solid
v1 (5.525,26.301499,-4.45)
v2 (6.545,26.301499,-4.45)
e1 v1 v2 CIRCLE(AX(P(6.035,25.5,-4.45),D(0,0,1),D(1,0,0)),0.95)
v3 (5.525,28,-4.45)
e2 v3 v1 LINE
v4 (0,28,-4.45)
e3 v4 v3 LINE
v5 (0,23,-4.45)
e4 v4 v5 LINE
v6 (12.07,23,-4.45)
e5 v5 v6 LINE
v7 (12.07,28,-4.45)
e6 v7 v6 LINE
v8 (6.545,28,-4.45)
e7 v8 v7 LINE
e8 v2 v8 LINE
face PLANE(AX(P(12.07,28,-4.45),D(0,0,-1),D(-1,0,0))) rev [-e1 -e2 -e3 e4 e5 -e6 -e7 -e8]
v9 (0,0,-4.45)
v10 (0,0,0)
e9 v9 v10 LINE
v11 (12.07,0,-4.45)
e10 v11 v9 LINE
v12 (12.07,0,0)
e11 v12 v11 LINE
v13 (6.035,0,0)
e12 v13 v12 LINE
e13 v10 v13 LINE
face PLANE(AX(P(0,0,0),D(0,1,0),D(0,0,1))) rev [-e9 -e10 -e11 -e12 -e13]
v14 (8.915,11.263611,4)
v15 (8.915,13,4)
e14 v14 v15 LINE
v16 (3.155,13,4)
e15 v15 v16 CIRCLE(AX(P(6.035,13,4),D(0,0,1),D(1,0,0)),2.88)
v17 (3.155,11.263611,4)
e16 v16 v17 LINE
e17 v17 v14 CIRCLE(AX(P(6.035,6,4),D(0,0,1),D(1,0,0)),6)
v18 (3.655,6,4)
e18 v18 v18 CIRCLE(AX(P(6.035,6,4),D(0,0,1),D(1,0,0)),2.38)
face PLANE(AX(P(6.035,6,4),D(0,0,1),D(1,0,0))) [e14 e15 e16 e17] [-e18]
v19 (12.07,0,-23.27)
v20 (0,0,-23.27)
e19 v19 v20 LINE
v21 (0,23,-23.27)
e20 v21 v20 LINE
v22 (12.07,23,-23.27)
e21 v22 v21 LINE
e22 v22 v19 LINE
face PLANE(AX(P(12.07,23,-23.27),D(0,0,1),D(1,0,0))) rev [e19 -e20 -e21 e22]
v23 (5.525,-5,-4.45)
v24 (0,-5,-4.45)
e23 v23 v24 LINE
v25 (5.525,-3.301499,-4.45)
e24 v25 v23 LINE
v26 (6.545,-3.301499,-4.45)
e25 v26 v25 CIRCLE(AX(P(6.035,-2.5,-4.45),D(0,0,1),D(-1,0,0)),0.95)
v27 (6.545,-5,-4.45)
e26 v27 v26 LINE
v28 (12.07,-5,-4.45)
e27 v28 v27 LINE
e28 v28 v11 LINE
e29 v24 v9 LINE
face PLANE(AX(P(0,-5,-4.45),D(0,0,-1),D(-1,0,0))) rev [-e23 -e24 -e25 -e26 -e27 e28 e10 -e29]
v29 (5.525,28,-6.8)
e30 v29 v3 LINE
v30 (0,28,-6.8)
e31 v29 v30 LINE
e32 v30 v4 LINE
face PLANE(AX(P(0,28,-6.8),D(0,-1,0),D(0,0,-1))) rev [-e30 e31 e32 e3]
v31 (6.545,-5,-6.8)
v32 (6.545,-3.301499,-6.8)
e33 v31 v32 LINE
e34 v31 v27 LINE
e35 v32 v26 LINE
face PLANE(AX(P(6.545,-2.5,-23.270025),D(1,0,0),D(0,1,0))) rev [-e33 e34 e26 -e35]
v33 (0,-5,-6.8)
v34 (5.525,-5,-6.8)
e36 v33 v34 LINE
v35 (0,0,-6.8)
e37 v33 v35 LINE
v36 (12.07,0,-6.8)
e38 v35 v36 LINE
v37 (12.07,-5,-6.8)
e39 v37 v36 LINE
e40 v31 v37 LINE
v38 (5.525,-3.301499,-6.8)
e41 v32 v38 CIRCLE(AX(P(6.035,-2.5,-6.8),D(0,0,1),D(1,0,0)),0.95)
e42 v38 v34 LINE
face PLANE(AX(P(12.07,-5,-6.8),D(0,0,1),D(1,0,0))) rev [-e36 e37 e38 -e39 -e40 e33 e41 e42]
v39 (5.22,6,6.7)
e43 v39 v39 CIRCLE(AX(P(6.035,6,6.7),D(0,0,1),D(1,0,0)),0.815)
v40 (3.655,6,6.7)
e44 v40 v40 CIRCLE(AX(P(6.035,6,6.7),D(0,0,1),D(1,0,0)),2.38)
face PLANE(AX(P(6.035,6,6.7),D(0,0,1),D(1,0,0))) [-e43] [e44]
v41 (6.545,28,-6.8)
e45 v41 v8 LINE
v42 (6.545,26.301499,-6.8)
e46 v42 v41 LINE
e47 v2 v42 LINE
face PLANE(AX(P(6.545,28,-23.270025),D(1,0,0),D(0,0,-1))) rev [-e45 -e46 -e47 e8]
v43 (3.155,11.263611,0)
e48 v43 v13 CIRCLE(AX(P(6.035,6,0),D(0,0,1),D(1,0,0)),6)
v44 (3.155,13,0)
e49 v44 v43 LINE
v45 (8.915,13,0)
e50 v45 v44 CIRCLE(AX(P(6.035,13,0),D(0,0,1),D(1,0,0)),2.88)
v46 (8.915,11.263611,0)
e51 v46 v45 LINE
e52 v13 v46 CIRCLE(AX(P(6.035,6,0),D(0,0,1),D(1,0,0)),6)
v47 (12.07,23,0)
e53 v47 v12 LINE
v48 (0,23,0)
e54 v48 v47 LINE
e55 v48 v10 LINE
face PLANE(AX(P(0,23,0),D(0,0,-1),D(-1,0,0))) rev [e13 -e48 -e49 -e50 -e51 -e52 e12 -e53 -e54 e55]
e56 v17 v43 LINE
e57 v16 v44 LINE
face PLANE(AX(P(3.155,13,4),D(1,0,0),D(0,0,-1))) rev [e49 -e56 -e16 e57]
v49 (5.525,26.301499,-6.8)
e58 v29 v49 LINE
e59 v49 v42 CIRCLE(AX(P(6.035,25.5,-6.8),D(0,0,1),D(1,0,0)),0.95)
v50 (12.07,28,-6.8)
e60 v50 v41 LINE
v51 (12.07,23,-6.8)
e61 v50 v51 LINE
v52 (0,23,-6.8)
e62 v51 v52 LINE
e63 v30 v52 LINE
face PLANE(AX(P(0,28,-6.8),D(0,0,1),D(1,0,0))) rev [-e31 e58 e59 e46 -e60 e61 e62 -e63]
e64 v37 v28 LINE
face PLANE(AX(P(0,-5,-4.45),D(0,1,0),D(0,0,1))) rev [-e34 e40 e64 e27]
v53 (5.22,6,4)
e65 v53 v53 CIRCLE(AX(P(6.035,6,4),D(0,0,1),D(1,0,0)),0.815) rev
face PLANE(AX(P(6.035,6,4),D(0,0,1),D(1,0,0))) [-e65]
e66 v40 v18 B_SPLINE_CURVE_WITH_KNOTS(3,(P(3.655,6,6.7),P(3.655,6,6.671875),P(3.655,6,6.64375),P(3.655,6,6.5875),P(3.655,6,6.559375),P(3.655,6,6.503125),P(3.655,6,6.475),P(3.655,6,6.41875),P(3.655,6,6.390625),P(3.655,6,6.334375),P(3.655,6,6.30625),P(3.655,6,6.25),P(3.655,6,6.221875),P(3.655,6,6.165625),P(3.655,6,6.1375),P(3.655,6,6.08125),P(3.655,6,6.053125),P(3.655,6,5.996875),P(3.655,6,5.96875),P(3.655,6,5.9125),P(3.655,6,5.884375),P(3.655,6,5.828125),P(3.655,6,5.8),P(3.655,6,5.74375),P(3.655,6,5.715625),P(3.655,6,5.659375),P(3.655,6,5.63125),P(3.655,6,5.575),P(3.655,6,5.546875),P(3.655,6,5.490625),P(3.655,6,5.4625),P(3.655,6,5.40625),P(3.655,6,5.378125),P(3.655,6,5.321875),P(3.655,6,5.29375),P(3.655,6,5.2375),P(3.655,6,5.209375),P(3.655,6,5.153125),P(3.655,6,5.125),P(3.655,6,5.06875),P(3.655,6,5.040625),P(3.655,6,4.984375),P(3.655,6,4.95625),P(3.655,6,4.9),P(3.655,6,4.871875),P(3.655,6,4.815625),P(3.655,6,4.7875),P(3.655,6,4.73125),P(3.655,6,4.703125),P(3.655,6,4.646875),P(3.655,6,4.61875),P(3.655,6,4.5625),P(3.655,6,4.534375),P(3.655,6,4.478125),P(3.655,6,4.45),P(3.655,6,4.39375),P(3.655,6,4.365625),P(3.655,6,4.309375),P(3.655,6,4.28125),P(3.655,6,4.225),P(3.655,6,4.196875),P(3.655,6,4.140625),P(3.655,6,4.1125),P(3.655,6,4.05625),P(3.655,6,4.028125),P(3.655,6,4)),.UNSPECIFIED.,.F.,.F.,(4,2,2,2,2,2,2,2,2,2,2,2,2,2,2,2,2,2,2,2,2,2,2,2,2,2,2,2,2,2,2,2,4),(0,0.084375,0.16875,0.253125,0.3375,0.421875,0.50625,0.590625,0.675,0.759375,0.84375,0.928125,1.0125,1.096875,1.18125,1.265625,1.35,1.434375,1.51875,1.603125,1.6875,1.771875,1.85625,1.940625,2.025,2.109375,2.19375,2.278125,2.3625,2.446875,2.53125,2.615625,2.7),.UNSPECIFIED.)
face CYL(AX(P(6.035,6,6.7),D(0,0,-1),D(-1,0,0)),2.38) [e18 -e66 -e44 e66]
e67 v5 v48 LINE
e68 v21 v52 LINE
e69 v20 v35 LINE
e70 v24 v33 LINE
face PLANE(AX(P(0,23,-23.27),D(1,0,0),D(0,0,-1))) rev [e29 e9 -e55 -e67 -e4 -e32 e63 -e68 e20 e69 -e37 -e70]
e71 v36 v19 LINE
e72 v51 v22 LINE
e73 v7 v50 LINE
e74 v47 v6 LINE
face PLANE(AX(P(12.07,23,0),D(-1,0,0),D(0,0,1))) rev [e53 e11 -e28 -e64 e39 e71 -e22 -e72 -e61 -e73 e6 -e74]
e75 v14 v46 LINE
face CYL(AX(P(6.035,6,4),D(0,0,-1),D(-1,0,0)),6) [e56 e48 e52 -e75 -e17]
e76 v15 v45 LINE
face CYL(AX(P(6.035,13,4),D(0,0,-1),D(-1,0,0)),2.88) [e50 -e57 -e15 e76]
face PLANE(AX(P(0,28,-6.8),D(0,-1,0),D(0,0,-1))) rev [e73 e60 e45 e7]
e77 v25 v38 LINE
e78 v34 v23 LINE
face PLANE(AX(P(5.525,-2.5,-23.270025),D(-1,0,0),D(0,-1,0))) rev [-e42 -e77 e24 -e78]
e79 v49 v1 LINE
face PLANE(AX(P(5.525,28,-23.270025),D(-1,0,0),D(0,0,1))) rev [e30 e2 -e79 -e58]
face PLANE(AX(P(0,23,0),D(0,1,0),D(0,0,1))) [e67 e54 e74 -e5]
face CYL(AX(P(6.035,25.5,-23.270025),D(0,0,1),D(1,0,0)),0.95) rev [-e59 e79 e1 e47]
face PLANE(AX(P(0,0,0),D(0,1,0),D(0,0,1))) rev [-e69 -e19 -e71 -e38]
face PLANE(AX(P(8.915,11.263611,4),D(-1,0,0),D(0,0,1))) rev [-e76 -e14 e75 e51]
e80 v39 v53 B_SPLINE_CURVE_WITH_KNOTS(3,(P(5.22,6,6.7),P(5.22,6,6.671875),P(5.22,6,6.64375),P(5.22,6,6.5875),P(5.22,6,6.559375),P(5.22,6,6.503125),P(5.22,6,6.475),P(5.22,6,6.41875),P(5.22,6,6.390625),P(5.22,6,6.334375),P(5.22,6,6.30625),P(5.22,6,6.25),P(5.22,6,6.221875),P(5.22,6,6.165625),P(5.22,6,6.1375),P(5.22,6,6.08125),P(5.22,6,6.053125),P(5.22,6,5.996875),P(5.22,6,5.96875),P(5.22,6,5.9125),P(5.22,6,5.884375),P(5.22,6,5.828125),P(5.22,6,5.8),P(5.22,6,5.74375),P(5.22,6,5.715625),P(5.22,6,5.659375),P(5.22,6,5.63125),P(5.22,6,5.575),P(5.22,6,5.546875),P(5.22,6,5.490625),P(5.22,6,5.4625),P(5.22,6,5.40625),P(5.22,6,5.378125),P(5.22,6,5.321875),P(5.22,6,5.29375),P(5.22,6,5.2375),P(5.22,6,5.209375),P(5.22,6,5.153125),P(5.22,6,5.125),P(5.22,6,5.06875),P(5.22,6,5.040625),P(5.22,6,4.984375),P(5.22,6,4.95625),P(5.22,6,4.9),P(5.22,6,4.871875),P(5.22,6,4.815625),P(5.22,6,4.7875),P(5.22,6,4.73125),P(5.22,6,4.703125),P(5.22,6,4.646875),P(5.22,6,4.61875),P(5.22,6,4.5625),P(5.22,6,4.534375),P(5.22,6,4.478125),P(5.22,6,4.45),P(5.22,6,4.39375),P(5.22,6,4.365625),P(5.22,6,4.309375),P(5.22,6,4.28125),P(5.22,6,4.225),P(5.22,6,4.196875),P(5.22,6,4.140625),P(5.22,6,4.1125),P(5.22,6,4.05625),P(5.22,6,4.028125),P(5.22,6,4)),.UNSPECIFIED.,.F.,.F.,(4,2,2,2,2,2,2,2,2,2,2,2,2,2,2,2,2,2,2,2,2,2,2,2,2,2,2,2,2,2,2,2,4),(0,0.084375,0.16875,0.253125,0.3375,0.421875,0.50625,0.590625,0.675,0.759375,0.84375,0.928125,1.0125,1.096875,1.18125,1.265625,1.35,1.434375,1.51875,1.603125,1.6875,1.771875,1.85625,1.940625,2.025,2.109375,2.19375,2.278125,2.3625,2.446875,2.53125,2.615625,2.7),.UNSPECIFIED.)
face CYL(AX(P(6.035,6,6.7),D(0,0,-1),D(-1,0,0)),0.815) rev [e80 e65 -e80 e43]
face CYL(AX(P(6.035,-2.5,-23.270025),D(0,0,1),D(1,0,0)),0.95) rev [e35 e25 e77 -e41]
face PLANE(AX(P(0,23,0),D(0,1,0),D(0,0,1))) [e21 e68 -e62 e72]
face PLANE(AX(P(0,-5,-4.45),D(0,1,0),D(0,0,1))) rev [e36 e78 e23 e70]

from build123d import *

# Parameters (mm, degrees)
SKETCH1_W           = 12.07
SKETCH1_H           = 23.27
BOSS_EXTRUDE1_DEPTH = 23
SKETCH2_R           = 6
BOSS_EXTRUDE3_DEPTH = 4
BOSS_EXTRUDE4_DEPTH = 4
SKETCH6_W           = 12.07
SKETCH6_H           = 2.35
BOSS_EXTRUDE5_DEPTH = 5
SKETCH7_W           = 12.07
SKETCH7_H           = 2.35
BOSS_EXTRUDE6_DEPTH = 5
SKETCH8_R           = 0.95
CUT_EXTRUDE1_DEPTH  = 36.831233582
SKETCH9_W           = 1.02
SKETCH9_H           = 2.5
CUT_EXTRUDE2_DEPTH  = 36.831233582
SKETCH10_R          = 2.38
SKETCH10_R_2        = 0.815
BOSS_EXTRUDE7_DEPTH = 2.7


with BuildPart() as part:
    # Sketch1 → Boss-Extrude1 (new body)
    with BuildSketch(Plane(origin=(0, 0, 0), x_dir=(1, 0, 0), z_dir=(0, 1, 0))):
        with Locations((6.035, 11.635)):
            Rectangle(SKETCH1_W, SKETCH1_H)
    extrude(amount=BOSS_EXTRUDE1_DEPTH)

    # Sketch2 → Boss-Extrude3 (add)
    with BuildSketch(Plane.XY):
        with Locations(Location((6.035, 6, 0), (0, 0, 270))):
            Circle(SKETCH2_R)
    extrude(amount=BOSS_EXTRUDE3_DEPTH)

    # Sketch4 → Boss-Extrude4 (add)
    with BuildSketch(Plane.XY):
        with BuildLine():
            Line((3.155, 13), (3.155, 11.263610928))
            Line((3.155, 11.263610928), (8.915, 11.263610928))
            Line((8.915, 11.263610928), (8.915, 13))
            ThreePointArc((8.915, 13), (6.035, 15.88), (3.155, 13))
        make_face()
    extrude(amount=BOSS_EXTRUDE4_DEPTH)

    # Sketch6 → Boss-Extrude5 (add)
    with BuildSketch(Plane.XZ):
        with Locations((6.035, -5.625)):
            Rectangle(SKETCH6_W, SKETCH6_H)
    extrude(amount=BOSS_EXTRUDE5_DEPTH)

    # Sketch7 → Boss-Extrude6 (add)
    with BuildSketch(Plane(origin=(0, 23, 0), x_dir=(-1, 0, 0), z_dir=(0, 1, 0))):
        with Locations((-6.035, -5.625)):
            Rectangle(SKETCH7_W, SKETCH7_H)
    extrude(amount=BOSS_EXTRUDE6_DEPTH)

    # Sketch8 → Cut-Extrude1 (cut, through all)
    with BuildSketch(Plane.XY.offset(-4.45)):
        with Locations((6.035, 25.5)):
            Circle(SKETCH8_R)
        with Locations((6.035, -2.5)):
            Circle(SKETCH8_R)
    extrude(amount=-CUT_EXTRUDE1_DEPTH, mode=Mode.SUBTRACT)

    # Sketch9 → Cut-Extrude2 (cut, through all)
    with BuildSketch(Plane.XY.offset(-4.45)):
        with Locations((6.035, 26.75)):
            Rectangle(SKETCH9_W, SKETCH9_H)
        with Locations((6.035, -3.75)):
            Rectangle(SKETCH9_W, SKETCH9_H)
    extrude(amount=-CUT_EXTRUDE2_DEPTH, mode=Mode.SUBTRACT)

    # Sketch10 → Boss-Extrude7 (add)
    with BuildSketch(Plane.XY.offset(4)):
        with Locations(Location((6.035, 6, 0), (0, 0, 180))):
            Circle(SKETCH10_R)
        with Locations(Location((6.035, 6, 0), (0, 0, 180))):
            Circle(SKETCH10_R_2, mode=Mode.SUBTRACT)
    extrude(amount=BOSS_EXTRUDE7_DEPTH)


solid = part.part
